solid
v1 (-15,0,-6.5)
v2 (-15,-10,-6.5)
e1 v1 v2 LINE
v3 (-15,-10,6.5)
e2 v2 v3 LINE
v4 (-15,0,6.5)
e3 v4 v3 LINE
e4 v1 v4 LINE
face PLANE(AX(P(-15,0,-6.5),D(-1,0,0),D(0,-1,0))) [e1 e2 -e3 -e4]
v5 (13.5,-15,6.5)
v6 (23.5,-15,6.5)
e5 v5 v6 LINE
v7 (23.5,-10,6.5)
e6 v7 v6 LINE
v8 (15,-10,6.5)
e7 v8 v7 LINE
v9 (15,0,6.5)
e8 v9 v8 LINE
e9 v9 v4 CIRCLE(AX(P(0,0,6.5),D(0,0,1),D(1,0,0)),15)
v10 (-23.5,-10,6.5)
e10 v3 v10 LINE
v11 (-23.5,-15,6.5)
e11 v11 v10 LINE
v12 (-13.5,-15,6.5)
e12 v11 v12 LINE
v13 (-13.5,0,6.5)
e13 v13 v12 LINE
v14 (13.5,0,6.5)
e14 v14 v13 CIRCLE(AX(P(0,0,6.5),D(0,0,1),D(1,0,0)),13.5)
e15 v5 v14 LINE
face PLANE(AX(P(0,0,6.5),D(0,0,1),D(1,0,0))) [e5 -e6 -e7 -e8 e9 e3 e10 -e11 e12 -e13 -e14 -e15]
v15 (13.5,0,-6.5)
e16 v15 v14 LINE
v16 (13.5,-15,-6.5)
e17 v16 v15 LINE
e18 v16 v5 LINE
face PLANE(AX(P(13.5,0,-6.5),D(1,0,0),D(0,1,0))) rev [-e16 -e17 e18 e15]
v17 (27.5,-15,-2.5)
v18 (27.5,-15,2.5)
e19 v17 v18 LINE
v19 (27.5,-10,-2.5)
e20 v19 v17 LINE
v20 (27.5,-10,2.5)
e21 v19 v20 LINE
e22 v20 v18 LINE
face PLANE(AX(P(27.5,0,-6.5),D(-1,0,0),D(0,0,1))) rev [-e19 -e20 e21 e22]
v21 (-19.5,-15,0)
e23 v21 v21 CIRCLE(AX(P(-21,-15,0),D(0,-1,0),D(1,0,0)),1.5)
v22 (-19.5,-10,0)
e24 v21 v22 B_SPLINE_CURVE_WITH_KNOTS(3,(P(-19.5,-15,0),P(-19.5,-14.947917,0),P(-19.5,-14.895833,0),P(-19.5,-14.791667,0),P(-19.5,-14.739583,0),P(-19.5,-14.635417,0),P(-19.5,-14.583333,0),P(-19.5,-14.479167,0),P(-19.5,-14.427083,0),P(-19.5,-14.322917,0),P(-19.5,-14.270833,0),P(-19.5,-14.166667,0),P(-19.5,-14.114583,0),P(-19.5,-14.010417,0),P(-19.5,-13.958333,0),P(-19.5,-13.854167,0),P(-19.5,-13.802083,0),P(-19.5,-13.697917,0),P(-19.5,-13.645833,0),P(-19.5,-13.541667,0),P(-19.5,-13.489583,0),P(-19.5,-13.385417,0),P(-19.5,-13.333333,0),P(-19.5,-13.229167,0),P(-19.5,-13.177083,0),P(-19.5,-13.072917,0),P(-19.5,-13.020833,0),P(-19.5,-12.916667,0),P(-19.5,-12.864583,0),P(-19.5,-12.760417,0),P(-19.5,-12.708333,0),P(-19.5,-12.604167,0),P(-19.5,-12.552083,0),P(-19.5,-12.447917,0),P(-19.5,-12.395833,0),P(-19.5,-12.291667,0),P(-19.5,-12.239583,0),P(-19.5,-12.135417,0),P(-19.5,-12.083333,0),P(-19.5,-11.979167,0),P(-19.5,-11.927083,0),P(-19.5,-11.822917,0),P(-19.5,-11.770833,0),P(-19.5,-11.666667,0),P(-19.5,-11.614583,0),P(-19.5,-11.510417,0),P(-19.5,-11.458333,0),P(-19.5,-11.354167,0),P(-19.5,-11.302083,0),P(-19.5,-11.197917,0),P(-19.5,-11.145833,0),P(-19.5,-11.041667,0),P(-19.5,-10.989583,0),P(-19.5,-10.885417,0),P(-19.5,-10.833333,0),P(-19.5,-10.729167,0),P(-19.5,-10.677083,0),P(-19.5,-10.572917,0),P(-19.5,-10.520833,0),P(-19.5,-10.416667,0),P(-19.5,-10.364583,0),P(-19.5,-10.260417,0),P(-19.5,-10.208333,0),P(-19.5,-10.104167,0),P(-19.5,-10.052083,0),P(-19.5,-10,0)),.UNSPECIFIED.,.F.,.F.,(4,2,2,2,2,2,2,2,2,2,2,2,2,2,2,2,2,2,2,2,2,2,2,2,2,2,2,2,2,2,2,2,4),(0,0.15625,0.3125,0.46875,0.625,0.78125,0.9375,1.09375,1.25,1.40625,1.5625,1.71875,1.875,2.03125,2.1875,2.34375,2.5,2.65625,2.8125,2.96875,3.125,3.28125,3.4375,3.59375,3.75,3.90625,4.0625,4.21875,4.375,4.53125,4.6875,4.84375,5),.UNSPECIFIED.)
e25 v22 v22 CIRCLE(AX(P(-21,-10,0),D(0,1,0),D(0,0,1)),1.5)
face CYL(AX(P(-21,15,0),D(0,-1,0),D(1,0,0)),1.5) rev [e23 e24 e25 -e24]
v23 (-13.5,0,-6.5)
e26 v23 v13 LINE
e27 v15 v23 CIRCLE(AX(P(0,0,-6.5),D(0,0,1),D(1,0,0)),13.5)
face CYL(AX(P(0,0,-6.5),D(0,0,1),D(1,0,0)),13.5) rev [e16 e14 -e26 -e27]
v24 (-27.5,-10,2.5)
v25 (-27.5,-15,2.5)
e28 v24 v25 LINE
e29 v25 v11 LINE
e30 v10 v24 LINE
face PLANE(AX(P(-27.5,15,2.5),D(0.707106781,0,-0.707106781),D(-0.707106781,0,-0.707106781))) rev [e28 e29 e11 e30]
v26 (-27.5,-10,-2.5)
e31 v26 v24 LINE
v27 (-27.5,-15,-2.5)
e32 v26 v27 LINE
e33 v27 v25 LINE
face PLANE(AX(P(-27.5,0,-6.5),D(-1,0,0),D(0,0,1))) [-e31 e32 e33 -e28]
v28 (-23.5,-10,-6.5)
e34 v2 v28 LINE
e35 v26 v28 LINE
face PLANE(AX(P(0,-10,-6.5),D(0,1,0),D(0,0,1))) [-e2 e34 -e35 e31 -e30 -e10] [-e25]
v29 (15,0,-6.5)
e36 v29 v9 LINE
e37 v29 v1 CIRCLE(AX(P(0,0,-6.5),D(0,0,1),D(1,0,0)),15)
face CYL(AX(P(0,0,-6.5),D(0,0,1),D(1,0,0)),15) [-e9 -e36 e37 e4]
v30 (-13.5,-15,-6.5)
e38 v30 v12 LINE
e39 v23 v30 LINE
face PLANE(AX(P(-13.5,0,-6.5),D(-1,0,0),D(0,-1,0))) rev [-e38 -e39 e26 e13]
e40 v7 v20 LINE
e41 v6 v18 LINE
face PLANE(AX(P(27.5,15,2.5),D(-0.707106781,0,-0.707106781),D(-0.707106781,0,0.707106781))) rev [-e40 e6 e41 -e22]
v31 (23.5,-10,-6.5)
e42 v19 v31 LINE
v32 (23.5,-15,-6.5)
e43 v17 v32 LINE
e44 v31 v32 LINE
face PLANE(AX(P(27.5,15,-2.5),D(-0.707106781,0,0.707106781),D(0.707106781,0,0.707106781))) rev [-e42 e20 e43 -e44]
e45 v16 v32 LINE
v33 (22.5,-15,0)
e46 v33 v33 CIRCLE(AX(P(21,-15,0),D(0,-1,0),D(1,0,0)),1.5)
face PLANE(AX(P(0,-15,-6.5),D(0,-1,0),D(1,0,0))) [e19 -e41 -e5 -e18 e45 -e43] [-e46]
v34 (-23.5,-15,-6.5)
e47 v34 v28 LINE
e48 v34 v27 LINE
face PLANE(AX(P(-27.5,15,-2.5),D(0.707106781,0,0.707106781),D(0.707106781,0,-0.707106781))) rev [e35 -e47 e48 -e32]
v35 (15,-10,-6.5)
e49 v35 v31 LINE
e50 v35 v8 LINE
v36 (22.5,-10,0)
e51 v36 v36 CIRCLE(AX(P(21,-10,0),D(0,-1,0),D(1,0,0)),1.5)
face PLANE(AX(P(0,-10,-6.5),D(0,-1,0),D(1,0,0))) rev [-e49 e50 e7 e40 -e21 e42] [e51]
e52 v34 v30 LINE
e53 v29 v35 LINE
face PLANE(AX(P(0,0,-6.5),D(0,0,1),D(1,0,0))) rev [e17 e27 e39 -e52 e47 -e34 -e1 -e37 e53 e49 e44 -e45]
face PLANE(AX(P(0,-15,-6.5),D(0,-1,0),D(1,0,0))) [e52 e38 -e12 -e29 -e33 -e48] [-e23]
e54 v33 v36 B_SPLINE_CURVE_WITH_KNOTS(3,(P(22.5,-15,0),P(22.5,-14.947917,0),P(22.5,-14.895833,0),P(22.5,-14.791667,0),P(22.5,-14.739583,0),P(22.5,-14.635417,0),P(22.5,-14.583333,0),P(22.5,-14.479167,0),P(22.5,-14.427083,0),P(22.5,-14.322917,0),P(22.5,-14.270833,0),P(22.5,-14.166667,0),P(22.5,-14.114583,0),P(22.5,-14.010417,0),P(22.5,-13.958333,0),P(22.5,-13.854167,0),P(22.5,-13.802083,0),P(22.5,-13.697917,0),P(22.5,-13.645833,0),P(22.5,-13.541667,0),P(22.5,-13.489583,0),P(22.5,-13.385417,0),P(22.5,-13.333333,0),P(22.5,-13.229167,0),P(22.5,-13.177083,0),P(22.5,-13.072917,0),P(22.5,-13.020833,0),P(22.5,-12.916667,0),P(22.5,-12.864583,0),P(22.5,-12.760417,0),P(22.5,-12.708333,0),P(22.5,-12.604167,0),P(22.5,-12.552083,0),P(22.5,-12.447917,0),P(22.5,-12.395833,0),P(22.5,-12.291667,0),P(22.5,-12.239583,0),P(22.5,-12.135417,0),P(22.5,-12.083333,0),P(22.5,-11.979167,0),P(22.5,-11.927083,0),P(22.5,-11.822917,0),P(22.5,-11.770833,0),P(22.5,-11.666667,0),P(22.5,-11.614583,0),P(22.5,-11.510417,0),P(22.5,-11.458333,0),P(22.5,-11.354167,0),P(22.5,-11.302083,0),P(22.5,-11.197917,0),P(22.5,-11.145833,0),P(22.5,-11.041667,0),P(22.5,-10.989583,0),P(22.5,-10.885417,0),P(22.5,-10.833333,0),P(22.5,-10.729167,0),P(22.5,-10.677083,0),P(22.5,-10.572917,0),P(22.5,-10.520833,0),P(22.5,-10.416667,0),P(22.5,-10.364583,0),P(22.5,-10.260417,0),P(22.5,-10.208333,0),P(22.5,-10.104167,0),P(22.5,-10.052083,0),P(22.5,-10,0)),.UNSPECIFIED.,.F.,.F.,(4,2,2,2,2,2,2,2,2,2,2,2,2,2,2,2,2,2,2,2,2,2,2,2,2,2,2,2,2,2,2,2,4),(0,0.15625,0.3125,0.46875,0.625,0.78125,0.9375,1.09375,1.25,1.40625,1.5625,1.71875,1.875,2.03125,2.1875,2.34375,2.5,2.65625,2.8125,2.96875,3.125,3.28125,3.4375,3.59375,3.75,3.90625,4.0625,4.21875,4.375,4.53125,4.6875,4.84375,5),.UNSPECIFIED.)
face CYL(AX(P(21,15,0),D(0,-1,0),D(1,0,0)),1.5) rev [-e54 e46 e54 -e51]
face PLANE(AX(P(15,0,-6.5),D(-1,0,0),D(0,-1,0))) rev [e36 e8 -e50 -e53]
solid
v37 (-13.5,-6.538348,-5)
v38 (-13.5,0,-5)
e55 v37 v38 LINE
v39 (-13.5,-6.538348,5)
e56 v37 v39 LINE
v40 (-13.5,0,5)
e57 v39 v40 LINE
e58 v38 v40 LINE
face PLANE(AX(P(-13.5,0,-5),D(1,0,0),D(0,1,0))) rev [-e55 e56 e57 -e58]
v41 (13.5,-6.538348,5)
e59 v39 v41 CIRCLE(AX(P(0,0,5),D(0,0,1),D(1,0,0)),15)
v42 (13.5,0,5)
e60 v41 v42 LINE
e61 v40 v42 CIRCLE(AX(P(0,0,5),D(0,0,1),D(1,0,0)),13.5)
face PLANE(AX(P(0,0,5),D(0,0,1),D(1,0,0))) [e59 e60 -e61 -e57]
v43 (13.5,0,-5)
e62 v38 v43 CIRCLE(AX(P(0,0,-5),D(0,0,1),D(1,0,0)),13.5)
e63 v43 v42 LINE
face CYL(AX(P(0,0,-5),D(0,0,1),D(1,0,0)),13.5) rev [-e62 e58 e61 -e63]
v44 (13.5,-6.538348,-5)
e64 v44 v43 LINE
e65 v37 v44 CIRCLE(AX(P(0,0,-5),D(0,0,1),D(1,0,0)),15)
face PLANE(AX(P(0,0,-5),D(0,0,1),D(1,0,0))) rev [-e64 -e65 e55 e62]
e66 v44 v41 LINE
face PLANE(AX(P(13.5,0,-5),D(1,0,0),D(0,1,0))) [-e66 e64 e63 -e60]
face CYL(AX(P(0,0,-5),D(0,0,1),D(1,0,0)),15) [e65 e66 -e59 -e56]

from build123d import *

# Parameters (mm, degrees)
EXTRUDE_5_DEPTH          = 6.5
EXTRUDE_5_DEPTH_BACK     = 6.5
EXTRUDE_6_DEPTH          = 5
EXTRUDE_6_DEPTH_BACK     = 5
CUT_EXTRUDE_1_DEPTH      = 42.21286207
CUT_EXTRUDE_1_DEPTH_BACK = 42.21286207
SKETCH_2_R               = 1.5


with BuildPart() as part:
    # 草图1 → 凸台-拉伸5 (new, two sides: drawn at the far end of the back side and taken through both)
    with BuildSketch(Plane.XY.offset(-EXTRUDE_5_DEPTH_BACK)):
        with BuildLine():
            ThreePointArc((15, 0), (0, 15), (-15, 0))
            Line((-15, 0), (-15, -10))
            Line((-15, -10), (-27.5, -10))
            Line((-27.5, -10), (-27.5, -15))
            Line((-27.5, -15), (-13.5, -15))
            Line((-13.5, -15), (-13.5, -6.538348415))
            Line((-13.5, -6.538348415), (-13.5, 0))
            ThreePointArc((-13.5, 0), (0, 13.5), (13.5, 0))
            Line((13.5, 0), (13.5, -6.538348415))
            Line((13.5, -6.538348415), (13.5, -15))
            Line((13.5, -15), (27.5, -15))
            Line((27.5, -15), (27.5, -10))
            Line((27.5, -10), (15, -10))
            Line((15, -10), (15, 0))
        make_face()
    extrude(amount=EXTRUDE_5_DEPTH + EXTRUDE_5_DEPTH_BACK)

    # 草图2 → 切除-拉伸1 (cut, two sides: drawn at the far end of the back side and taken through both)
    with BuildSketch(Plane.XZ.offset(15).offset(-CUT_EXTRUDE_1_DEPTH_BACK)):
        with Locations((-21, 0)):
            Circle(SKETCH_2_R)
        with Locations((21, 0)):
            Circle(SKETCH_2_R)
        Polygon((-27.5, 2.5), (-23.5, 6.5), (-27.5, 6.5), align=None)
        Polygon((-27.5, -6.5), (-23.5, -6.5), (-27.5, -2.5), align=None)
        Polygon((27.5, 6.5), (23.5, 6.5), (27.5, 2.5), align=None)
        Polygon((27.5, -2.5), (23.5, -6.5), (27.5, -6.5), align=None)
    extrude(amount=CUT_EXTRUDE_1_DEPTH + CUT_EXTRUDE_1_DEPTH_BACK, mode=Mode.SUBTRACT)


with BuildPart() as body_2:
    # 草图1<7> → 凸台-拉伸6 (new, two sides: drawn at the far end of the back side and taken through both)
    with BuildSketch(Plane.XY.offset(-EXTRUDE_6_DEPTH_BACK)):
        with BuildLine():
            ThreePointArc((-13.5, -6.538348415), (0, -15), (13.5, -6.538348415))
            Line((13.5, -6.538348415), (13.5, 0))
            ThreePointArc((13.5, 0), (0, -13.5), (-13.5, 0))
            Line((-13.5, 0), (-13.5, -6.538348415))
        make_face()
    extrude(amount=EXTRUDE_6_DEPTH + EXTRUDE_6_DEPTH_BACK)


solid = Compound([part.part, body_2.part])
